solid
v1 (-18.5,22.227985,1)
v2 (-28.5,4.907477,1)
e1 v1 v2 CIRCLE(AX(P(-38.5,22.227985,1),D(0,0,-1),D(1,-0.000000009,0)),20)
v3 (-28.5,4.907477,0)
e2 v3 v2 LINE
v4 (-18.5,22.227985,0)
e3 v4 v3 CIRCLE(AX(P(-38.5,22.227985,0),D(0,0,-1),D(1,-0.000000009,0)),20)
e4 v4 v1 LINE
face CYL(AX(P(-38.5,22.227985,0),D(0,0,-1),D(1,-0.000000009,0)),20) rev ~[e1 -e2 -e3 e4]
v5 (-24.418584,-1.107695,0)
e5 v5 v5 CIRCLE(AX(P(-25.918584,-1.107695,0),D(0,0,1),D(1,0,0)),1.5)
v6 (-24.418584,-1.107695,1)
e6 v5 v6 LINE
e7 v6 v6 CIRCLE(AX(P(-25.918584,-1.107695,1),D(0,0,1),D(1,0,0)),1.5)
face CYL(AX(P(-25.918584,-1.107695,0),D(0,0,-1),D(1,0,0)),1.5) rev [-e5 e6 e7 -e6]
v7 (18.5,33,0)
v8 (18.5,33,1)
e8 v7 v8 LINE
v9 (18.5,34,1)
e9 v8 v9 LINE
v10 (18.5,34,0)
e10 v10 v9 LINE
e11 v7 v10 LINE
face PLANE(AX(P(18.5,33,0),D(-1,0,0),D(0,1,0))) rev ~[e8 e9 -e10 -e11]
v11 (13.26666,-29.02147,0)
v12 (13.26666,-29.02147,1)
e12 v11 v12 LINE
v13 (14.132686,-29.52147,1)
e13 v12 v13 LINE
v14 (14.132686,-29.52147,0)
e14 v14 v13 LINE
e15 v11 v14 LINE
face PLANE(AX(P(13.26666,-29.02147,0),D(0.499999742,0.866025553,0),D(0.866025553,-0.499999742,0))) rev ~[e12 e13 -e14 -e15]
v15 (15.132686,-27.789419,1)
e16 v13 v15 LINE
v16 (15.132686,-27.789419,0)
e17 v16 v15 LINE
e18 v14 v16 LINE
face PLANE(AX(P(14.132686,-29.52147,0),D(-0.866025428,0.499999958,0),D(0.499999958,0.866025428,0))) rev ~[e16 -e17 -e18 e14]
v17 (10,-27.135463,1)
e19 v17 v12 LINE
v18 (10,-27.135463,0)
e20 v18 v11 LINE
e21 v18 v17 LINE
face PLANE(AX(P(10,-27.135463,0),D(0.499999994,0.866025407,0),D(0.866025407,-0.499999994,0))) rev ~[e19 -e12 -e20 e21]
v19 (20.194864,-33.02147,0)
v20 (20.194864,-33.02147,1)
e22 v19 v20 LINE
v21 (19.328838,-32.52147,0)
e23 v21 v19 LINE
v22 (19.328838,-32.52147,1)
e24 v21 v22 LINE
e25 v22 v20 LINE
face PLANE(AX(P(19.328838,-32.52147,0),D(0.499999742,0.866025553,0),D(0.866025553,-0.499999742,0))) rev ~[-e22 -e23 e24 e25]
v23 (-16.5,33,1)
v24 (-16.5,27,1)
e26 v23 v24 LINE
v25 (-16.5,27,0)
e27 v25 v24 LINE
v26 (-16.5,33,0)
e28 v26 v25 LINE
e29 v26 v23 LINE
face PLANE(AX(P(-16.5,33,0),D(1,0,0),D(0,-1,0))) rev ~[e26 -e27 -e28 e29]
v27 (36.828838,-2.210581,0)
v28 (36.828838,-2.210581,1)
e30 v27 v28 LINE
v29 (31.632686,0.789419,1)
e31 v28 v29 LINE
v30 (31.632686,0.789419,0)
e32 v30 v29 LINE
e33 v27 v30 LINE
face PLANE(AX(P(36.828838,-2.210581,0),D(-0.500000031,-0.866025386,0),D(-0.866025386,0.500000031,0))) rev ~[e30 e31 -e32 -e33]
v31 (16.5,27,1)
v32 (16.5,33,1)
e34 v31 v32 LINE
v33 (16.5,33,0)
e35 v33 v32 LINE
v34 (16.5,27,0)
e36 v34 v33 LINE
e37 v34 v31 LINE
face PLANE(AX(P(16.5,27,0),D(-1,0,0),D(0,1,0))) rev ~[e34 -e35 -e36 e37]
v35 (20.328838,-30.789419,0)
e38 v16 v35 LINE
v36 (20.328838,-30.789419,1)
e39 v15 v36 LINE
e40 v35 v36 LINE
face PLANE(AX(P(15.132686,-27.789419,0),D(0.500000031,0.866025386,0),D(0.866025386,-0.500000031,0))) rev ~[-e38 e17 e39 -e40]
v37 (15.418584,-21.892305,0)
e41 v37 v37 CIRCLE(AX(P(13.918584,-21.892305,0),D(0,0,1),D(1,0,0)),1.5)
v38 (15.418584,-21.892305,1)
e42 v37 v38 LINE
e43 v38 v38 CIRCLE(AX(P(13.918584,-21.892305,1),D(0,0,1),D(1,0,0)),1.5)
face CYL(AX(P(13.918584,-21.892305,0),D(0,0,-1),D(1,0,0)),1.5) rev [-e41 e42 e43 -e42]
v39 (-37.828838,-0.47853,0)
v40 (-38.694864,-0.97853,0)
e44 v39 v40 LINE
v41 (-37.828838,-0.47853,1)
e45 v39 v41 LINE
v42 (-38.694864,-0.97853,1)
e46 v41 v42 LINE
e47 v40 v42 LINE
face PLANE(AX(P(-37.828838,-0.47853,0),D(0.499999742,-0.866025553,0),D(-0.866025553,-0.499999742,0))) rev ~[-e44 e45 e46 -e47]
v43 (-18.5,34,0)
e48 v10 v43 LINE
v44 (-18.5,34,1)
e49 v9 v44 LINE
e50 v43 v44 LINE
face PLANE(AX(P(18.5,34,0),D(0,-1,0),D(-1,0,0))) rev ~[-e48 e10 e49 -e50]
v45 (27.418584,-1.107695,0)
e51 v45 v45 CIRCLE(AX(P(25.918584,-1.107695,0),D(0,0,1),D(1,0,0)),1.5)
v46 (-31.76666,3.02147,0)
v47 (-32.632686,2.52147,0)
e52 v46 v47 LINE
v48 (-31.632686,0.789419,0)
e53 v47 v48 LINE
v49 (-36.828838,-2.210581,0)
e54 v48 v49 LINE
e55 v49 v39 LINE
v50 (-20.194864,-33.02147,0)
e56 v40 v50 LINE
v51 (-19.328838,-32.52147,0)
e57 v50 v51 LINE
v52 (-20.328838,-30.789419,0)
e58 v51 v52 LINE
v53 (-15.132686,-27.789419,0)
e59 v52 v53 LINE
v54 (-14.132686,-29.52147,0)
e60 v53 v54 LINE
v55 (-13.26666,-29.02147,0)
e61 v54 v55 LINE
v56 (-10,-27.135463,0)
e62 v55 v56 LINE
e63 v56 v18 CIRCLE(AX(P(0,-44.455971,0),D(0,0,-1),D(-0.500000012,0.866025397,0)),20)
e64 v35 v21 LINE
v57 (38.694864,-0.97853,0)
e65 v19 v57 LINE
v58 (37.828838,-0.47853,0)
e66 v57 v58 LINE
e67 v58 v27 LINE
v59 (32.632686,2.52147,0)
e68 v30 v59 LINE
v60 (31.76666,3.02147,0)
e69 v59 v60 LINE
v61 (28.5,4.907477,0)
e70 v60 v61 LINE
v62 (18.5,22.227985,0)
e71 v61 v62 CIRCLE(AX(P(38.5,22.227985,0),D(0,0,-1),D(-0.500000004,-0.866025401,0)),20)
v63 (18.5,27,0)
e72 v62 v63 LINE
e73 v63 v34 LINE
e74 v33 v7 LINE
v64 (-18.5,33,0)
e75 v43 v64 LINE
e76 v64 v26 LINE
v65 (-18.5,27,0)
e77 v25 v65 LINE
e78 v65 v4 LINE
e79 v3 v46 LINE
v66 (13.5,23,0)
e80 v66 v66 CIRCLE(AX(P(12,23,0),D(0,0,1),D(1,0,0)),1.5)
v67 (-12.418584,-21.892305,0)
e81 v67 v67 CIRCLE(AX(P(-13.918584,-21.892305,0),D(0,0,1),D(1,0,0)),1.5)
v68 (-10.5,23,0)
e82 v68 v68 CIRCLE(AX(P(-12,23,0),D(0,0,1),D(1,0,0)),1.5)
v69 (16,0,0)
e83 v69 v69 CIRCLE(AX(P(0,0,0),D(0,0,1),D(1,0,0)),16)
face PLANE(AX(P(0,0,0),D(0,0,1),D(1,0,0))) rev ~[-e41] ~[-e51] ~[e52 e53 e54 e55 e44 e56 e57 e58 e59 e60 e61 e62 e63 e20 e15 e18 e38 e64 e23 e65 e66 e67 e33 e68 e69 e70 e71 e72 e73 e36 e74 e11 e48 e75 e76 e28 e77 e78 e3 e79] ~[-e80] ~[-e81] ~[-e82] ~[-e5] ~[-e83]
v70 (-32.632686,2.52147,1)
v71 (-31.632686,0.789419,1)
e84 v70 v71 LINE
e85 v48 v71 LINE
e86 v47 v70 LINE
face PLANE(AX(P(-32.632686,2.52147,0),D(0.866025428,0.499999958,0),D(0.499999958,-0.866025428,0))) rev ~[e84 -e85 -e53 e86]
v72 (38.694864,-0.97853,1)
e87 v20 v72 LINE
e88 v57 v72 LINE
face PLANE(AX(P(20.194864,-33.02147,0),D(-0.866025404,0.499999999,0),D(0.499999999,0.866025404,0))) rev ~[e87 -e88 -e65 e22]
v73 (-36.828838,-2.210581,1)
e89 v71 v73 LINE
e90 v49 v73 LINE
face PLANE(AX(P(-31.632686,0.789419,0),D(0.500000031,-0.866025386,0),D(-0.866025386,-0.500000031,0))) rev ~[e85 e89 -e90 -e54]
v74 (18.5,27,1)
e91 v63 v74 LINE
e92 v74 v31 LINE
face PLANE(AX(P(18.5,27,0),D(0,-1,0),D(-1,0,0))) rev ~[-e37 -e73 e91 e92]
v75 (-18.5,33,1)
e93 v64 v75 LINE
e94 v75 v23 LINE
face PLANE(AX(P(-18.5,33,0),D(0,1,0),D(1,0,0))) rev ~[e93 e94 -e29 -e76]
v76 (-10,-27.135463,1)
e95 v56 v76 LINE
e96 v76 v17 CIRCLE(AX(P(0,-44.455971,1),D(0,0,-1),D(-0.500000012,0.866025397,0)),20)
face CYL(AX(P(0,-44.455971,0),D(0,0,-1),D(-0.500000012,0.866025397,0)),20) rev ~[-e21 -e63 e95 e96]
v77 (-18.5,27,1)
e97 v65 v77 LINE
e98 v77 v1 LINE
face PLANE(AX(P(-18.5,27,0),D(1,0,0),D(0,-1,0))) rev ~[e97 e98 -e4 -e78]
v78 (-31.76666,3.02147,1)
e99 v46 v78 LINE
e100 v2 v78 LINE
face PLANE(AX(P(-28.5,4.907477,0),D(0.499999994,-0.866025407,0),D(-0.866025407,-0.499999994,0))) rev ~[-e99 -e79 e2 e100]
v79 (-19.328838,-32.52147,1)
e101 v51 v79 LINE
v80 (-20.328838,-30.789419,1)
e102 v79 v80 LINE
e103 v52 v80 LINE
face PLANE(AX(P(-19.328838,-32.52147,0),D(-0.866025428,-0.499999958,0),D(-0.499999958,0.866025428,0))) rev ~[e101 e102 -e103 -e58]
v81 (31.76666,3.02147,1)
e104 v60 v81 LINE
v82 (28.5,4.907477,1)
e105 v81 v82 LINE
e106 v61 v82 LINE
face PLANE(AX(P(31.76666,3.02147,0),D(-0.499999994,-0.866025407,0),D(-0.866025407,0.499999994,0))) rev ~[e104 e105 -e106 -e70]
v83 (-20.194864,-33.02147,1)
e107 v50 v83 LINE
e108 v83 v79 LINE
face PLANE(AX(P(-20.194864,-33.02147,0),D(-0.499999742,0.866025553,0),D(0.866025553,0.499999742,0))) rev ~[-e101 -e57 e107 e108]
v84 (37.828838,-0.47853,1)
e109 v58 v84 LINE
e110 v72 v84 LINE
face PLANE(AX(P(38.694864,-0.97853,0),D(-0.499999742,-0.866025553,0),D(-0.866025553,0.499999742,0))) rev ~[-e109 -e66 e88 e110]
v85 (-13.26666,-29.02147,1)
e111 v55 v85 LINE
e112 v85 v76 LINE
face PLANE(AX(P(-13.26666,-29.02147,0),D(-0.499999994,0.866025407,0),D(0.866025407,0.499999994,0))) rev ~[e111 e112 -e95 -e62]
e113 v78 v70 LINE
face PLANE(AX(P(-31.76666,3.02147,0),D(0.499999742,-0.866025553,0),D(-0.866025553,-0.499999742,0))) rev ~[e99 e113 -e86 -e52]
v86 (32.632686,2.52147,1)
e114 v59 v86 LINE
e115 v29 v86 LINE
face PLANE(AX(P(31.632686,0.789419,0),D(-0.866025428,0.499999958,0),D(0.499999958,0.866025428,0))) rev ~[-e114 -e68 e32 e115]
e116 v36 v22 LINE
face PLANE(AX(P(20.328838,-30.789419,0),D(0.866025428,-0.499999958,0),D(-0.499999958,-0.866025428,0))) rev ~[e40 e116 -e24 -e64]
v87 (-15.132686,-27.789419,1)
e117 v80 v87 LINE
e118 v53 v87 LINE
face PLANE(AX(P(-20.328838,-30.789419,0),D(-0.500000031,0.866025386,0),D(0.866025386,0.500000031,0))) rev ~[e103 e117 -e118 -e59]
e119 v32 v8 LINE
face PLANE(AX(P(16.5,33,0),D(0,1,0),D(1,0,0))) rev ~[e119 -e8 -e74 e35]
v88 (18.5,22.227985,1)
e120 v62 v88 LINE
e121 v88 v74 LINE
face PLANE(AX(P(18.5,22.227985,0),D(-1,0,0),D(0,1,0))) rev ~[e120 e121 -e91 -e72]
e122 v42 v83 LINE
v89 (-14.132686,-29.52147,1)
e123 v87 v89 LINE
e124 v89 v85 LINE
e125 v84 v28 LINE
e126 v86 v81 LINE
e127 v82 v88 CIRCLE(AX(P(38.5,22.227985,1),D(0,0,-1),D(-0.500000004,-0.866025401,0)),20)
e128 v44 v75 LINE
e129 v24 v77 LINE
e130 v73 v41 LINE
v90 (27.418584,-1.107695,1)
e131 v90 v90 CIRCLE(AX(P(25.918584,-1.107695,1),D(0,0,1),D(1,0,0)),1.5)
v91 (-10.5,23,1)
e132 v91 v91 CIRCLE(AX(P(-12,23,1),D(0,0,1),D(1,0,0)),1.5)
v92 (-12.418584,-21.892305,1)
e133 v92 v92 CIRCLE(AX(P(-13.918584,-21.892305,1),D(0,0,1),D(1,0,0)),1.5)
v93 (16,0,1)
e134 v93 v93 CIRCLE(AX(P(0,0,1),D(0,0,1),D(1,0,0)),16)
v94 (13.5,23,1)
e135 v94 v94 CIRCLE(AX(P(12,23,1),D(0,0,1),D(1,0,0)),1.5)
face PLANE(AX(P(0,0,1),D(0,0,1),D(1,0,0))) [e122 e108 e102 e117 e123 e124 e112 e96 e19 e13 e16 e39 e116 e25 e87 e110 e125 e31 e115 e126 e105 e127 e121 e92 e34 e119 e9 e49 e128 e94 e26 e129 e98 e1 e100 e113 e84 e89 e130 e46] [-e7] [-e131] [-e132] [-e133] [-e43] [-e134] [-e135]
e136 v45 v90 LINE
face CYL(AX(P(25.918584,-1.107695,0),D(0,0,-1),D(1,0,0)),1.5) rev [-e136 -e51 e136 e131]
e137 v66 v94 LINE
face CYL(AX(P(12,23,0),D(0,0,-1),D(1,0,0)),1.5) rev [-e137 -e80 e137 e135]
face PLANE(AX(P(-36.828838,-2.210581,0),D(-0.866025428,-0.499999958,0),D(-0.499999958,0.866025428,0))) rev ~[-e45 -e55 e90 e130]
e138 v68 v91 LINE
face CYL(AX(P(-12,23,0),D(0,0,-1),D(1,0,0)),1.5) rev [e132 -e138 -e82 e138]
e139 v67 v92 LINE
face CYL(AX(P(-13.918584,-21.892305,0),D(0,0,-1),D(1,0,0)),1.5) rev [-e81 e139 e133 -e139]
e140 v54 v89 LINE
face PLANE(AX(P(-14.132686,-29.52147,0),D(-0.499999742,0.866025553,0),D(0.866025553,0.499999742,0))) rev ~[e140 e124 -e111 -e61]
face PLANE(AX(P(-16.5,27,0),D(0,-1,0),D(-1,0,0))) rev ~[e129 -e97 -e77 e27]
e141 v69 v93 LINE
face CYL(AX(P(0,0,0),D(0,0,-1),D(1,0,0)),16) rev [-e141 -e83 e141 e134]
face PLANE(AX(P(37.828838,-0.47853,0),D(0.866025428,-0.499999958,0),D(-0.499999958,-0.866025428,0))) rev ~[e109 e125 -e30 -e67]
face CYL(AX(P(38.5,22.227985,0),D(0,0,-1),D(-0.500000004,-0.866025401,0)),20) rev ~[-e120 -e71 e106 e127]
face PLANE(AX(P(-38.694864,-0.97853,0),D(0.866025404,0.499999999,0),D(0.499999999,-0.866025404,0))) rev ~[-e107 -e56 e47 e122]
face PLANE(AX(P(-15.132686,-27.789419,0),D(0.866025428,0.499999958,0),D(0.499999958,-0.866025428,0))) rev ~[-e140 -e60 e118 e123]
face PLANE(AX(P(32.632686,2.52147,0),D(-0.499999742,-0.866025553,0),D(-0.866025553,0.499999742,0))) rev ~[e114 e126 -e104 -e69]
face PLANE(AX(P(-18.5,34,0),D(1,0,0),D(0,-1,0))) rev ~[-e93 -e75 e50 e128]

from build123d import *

# Parameters (mm, degrees)
F0_R     = 1.5
F0_R_2   = 16
F1_DEPTH = 1


with BuildPart() as f1:
    # F0 (on Top) → F1 (new body)
    with BuildSketch(Plane.XY):
        with BuildLine():
            Line((20.328838, -30.789419), (19.328838, -32.52147))
            Line((19.328838, -32.52147), (20.194864, -33.02147))
            Line((20.194864, -33.02147), (38.694864, -0.97853))
            Line((38.694864, -0.97853), (37.828838, -0.47853))
            Line((37.828838, -0.47853), (36.828838, -2.210581))
            Line((36.828838, -2.210581), (34.230762, -0.710581))
            Line((34.230762, -0.710581), (31.632686, 0.789419))
            Line((31.632686, 0.789419), (32.632686, 2.52147))
            Line((32.632686, 2.52147), (31.76666, 3.02147))
            Line((31.76666, 3.02147), (28.5, 4.907477))
            ThreePointArc((28.5, 4.907477), (21.179492, 12.227985), (18.5, 22.227985))
            Line((18.5, 22.227985), (18.5, 26))
            Line((18.5, 26), (18.5, 27))
            Line((18.5, 27), (16.5, 27))
            Line((16.5, 27), (16.5, 30))
            Line((16.5, 30), (16.5, 33))
            Line((16.5, 33), (18.5, 33))
            Line((18.5, 33), (18.5, 34))
            Line((18.5, 34), (-18.5, 34))
            Line((-18.5, 34), (-18.5, 33))
            Line((-18.5, 33), (-16.5, 33))
            Line((-16.5, 33), (-16.5, 30))
            Line((-16.5, 30), (-16.5, 27))
            Line((-16.5, 27), (-18.5, 27))
            Line((-18.5, 27), (-18.5, 26))
            Line((-18.5, 26), (-18.5, 22.227985))
            ThreePointArc((-18.5, 22.227985), (-21.179492, 12.227985), (-28.5, 4.907477))
            Line((-28.5, 4.907477), (-31.76666, 3.02147))
            Line((-31.76666, 3.02147), (-32.632686, 2.52147))
            Line((-32.632686, 2.52147), (-31.632686, 0.789419))
            Line((-31.632686, 0.789419), (-34.230762, -0.710581))
            Line((-34.230762, -0.710581), (-36.828838, -2.210581))
            Line((-36.828838, -2.210581), (-37.828838, -0.47853))
            Line((-37.828838, -0.47853), (-38.694864, -0.97853))
            Line((-38.694864, -0.97853), (-20.194864, -33.02147))
            Line((-20.194864, -33.02147), (-19.328838, -32.52147))
            Line((-19.328838, -32.52147), (-20.328838, -30.789419))
            Line((-20.328838, -30.789419), (-17.730762, -29.289419))
            Line((-17.730762, -29.289419), (-15.132686, -27.789419))
            Line((-15.132686, -27.789419), (-14.132686, -29.52147))
            Line((-14.132686, -29.52147), (-13.26666, -29.02147))
            Line((-13.26666, -29.02147), (-10, -27.135463))
            ThreePointArc((-10, -27.135463), (0, -24.455971), (10, -27.135463))
            Line((10, -27.135463), (13.26666, -29.02147))
            Line((13.26666, -29.02147), (14.132686, -29.52147))
            Line((14.132686, -29.52147), (15.132686, -27.789419))
            Line((15.132686, -27.789419), (17.730762, -29.289419))
            Line((17.730762, -29.289419), (20.328838, -30.789419))
        make_face()
        with Locations((-13.918584, -21.892305)):
            Circle(F0_R, mode=Mode.SUBTRACT)
        with Locations((-25.918584, -1.107695)):
            Circle(F0_R, mode=Mode.SUBTRACT)
        Circle(F0_R_2, mode=Mode.SUBTRACT)
        with Locations((13.918584, -21.892305)):
            Circle(F0_R, mode=Mode.SUBTRACT)
        with Locations((25.918584, -1.107695)):
            Circle(F0_R, mode=Mode.SUBTRACT)
        with Locations((-12, 23)):
            Circle(F0_R, mode=Mode.SUBTRACT)
        with Locations((12, 23)):
            Circle(F0_R, mode=Mode.SUBTRACT)
    extrude(amount=F1_DEPTH)


solid = f1.part
